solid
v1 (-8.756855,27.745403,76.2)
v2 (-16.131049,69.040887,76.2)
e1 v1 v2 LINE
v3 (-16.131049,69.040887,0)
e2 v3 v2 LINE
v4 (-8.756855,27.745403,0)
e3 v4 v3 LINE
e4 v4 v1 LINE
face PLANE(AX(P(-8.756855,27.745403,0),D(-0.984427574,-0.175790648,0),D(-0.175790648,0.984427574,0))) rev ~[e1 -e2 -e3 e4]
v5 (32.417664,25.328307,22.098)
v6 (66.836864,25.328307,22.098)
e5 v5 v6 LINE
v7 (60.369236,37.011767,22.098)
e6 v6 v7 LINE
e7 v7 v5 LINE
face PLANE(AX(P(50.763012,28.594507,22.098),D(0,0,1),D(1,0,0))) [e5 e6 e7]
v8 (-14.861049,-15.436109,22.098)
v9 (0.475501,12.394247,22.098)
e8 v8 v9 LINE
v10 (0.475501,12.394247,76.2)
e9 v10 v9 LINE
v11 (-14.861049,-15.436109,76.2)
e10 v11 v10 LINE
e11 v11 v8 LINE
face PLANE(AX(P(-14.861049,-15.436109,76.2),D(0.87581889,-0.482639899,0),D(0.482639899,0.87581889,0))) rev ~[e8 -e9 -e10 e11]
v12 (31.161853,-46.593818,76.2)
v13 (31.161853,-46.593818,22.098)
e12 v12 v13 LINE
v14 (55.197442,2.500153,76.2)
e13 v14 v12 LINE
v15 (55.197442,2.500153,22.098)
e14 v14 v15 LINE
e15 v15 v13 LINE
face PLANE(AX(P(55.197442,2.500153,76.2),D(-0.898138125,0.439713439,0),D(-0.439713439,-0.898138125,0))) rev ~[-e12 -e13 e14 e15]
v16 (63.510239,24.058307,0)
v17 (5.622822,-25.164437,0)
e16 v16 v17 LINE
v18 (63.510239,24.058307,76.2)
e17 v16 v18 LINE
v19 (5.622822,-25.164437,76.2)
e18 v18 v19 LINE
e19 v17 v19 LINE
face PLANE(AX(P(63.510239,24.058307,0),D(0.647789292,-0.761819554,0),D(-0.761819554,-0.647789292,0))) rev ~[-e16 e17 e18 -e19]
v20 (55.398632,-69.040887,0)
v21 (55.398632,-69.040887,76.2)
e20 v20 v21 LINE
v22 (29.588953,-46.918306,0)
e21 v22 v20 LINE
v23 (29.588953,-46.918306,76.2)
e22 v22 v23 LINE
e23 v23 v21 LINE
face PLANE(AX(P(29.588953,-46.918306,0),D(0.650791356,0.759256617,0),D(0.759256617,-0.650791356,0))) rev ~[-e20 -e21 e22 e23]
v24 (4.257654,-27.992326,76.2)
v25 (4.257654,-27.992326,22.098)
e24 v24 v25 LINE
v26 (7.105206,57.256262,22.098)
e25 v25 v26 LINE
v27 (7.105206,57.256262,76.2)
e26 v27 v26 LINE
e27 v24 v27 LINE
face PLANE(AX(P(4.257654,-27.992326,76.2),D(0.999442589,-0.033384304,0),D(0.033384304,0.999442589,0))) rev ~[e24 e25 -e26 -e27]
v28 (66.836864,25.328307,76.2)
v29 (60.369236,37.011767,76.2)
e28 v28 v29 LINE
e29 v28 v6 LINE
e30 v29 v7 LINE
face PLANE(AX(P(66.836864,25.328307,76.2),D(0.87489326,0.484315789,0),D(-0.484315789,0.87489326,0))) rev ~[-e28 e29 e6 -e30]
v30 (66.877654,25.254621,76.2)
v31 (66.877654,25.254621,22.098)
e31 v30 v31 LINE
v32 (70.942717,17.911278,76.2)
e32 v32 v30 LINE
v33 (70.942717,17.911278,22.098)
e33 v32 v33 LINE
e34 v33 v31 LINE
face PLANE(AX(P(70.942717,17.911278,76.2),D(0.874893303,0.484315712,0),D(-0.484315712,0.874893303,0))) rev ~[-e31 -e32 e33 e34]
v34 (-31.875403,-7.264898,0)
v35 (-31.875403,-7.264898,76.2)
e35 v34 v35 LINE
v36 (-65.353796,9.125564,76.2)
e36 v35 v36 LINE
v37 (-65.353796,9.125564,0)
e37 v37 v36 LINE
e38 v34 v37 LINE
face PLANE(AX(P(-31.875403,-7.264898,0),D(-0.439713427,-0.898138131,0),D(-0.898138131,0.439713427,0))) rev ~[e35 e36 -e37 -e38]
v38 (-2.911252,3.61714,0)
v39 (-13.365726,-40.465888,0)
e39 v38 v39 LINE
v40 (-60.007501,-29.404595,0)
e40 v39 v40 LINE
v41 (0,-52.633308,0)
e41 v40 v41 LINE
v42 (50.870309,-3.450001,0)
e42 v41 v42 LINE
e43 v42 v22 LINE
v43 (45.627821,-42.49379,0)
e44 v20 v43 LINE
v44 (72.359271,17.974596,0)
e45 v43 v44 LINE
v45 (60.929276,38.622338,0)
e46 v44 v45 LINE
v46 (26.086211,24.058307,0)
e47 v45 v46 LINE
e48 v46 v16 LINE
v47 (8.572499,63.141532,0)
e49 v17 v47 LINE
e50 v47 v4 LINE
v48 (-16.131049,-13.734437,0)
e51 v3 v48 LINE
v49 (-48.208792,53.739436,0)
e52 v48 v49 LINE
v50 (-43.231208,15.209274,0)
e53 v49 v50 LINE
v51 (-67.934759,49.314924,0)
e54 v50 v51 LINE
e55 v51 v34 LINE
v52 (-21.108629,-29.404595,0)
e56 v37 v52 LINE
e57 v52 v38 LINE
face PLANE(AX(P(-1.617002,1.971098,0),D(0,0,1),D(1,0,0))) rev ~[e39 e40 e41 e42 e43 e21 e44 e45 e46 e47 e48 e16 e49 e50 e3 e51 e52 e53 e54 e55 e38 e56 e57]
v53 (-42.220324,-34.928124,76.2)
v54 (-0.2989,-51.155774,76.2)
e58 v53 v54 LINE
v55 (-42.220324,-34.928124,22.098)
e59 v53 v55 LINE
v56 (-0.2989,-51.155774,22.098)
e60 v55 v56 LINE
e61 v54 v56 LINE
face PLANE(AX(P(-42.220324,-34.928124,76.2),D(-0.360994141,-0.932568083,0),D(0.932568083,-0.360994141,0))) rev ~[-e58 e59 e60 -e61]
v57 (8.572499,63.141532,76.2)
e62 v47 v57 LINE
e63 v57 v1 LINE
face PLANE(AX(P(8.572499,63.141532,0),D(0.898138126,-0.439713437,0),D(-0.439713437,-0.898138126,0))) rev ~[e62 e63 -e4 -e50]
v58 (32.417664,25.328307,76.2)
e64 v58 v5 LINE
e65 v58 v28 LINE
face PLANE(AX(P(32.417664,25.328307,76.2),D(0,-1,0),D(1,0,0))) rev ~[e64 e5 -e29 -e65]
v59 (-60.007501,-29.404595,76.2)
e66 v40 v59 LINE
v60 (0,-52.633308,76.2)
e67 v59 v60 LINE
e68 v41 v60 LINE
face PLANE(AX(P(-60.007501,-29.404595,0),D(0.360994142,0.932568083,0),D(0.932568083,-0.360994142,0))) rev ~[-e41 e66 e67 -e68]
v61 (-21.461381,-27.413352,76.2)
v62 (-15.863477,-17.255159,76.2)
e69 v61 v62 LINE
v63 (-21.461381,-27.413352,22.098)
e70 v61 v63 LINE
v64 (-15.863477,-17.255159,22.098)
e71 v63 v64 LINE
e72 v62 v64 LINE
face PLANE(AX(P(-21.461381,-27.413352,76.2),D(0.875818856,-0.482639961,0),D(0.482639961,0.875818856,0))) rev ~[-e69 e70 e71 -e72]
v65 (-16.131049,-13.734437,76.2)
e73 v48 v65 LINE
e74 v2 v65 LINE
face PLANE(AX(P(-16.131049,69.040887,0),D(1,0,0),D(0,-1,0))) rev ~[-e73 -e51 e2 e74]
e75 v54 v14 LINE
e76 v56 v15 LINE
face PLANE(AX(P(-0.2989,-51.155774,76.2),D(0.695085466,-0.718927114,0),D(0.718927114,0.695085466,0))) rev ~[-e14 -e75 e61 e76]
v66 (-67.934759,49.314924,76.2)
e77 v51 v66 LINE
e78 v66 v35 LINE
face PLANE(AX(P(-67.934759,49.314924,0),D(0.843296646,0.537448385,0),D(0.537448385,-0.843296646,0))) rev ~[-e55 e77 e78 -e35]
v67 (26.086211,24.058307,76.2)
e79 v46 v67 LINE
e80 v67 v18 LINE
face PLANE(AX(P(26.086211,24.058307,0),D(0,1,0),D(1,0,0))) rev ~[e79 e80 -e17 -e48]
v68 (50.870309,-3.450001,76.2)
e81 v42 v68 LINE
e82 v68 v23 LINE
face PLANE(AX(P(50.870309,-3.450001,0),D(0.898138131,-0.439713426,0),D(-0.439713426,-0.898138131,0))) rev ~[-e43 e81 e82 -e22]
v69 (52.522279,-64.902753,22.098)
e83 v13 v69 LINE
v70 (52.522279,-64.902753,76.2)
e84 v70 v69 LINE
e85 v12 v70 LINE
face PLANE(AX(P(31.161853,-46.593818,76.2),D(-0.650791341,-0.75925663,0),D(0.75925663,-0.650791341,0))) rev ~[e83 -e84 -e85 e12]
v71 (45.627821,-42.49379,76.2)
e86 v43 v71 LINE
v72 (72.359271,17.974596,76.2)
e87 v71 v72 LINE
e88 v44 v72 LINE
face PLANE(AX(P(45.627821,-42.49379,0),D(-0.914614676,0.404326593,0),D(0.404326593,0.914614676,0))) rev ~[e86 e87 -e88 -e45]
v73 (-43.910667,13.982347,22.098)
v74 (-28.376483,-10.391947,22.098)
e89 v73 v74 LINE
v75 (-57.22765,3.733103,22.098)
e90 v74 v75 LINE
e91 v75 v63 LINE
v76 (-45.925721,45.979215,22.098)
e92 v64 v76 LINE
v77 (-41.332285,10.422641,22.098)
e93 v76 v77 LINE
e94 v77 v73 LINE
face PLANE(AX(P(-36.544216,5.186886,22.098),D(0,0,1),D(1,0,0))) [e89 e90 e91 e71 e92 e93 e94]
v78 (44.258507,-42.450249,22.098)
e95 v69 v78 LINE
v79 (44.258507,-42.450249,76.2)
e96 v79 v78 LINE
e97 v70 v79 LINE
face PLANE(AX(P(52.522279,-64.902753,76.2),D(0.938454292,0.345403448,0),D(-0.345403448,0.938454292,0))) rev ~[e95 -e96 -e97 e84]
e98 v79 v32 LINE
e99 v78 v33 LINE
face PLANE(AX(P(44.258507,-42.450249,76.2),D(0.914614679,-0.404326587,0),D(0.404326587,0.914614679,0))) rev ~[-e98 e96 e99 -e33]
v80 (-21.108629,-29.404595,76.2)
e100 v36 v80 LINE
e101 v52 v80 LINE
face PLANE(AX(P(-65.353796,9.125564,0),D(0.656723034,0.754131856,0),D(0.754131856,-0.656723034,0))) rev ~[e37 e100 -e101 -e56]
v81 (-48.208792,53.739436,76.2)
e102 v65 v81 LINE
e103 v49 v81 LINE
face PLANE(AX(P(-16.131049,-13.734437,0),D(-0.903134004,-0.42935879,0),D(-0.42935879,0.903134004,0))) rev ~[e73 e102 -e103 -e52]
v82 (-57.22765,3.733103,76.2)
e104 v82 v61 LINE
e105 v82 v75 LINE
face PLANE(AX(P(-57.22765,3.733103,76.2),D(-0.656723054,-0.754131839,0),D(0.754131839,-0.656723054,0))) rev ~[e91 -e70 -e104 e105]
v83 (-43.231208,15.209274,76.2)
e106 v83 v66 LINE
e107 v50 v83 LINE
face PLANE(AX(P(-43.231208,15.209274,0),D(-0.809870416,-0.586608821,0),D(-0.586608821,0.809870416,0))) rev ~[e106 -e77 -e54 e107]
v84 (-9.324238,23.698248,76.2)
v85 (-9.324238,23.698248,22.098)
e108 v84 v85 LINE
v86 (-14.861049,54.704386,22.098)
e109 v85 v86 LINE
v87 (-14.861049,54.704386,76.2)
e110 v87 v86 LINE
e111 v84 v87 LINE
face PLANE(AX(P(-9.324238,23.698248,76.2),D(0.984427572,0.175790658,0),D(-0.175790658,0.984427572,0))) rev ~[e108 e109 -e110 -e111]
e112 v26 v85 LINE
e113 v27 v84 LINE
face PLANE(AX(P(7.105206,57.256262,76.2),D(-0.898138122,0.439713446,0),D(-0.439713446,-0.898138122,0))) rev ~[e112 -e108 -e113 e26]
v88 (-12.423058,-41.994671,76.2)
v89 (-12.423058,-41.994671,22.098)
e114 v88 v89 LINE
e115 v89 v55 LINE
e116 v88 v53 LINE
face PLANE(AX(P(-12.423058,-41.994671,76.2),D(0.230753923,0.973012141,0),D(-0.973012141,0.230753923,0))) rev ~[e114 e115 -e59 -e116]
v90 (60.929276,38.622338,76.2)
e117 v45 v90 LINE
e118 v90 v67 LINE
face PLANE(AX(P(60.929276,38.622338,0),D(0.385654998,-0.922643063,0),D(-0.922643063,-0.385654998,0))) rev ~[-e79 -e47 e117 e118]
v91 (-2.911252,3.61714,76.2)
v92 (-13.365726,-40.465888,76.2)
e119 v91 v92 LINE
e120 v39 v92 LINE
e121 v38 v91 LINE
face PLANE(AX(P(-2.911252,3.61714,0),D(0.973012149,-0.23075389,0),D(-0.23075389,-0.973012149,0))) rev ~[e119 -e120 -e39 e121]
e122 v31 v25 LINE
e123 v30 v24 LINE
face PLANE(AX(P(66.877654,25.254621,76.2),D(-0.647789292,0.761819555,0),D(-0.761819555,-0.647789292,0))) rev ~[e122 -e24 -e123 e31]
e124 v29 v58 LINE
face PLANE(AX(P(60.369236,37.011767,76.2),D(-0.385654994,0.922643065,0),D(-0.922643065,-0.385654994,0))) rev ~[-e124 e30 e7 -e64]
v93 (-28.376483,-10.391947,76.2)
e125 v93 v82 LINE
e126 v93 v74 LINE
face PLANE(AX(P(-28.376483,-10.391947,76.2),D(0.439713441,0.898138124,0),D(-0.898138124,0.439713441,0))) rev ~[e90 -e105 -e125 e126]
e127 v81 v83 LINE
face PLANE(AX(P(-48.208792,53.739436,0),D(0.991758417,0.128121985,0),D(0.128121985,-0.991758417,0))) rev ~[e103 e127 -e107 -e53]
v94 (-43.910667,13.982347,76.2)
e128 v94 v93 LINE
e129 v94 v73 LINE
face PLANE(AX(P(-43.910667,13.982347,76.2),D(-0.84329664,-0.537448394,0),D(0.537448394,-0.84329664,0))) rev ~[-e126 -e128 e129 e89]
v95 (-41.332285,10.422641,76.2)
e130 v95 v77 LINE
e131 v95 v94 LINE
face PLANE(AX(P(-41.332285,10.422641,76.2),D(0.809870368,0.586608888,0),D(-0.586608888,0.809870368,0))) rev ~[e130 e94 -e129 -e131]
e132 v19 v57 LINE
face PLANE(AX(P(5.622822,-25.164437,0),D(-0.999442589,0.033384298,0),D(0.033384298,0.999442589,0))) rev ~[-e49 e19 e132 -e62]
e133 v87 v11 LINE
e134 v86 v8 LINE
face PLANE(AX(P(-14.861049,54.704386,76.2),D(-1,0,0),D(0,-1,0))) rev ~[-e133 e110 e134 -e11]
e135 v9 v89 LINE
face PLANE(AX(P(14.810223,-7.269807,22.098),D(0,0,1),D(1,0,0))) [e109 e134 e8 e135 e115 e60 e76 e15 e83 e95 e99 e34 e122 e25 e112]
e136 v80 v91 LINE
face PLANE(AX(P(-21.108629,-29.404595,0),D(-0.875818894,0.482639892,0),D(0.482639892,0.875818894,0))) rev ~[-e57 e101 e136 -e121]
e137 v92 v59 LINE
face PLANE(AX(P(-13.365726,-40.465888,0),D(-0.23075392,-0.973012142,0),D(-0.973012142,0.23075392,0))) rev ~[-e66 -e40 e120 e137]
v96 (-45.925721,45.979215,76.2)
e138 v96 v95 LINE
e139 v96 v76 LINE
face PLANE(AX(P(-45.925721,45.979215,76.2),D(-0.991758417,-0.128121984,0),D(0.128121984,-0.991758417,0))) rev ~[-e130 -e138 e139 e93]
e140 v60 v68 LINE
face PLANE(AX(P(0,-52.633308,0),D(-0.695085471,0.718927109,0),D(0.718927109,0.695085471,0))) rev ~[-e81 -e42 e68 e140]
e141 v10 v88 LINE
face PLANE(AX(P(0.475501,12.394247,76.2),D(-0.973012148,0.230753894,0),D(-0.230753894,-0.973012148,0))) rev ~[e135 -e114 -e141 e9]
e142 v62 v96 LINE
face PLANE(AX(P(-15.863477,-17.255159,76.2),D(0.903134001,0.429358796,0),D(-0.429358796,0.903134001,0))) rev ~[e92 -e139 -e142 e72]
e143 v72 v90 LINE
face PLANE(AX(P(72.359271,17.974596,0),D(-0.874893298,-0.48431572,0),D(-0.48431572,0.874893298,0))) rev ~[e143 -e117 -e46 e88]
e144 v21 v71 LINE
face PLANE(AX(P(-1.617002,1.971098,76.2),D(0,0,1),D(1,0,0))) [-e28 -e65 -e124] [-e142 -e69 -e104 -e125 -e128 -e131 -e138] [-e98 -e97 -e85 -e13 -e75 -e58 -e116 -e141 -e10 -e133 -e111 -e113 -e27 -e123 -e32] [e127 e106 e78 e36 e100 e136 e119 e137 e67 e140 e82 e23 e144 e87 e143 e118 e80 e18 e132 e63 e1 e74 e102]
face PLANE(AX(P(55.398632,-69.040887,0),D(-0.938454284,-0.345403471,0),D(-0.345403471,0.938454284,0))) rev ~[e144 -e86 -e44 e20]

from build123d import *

# Parameters (mm, degrees)
F1_DEPTH = 76.2
F3_DEPTH = 54.102


with BuildPart() as f1:
    # F0 (on Top) → F1 (new body)
    with BuildSketch(Plane.XY):
        Polygon((-48.208792, 53.739436), (-43.231208, 15.209274), (-67.934759, 49.314924), (-31.875403, -7.264898), (-65.353796, 9.125564), (-21.108629, -29.404595), (-2.911252, 3.61714), (-13.365726, -40.465888), (-60.007501, -29.404595), (0, -52.633308), (50.870309, -3.450001), (29.588953, -46.918306), (55.398632, -69.040887), (45.627821, -42.49379), (72.359271, 17.974596), (60.929276, 38.622338), (26.086211, 24.058307), (63.510239, 24.058307), (5.622822, -25.164437), (8.572499, 63.141532), (-8.756855, 27.745403), (-16.131049, 69.040887), (-16.131049, -13.734437), align=None)
    extrude(amount=F1_DEPTH)

    # F2 (on face) → F3 (cut)
    with BuildSketch(Plane.XY.offset(76.2)):
        Polygon((-14.861049, 54.704386), (-14.861049, -15.436109), (0.475501, 12.394247), (-12.423058, -41.994671), (-42.220324, -34.928124), (-0.2989, -51.155774), (55.197442, 2.500153), (31.161853, -46.593818), (52.522279, -64.902753), (44.258507, -42.450249), (70.942717, 17.911278), (66.877654, 25.254621), (4.257654, -27.992326), (7.105206, 57.256262), (-9.324238, 23.698248), align=None)
        Polygon((60.369236, 37.011767), (32.417664, 25.328307), (66.836864, 25.328307), align=None)
        Polygon((-41.332285, 10.422641), (-43.910667, 13.982347), (-28.376483, -10.391947), (-57.22765, 3.733103), (-21.461381, -27.413352), (-15.863477, -17.255159), (-45.925721, 45.979215), align=None)
    extrude(amount=-F3_DEPTH, mode=Mode.SUBTRACT)


solid = f1.part
